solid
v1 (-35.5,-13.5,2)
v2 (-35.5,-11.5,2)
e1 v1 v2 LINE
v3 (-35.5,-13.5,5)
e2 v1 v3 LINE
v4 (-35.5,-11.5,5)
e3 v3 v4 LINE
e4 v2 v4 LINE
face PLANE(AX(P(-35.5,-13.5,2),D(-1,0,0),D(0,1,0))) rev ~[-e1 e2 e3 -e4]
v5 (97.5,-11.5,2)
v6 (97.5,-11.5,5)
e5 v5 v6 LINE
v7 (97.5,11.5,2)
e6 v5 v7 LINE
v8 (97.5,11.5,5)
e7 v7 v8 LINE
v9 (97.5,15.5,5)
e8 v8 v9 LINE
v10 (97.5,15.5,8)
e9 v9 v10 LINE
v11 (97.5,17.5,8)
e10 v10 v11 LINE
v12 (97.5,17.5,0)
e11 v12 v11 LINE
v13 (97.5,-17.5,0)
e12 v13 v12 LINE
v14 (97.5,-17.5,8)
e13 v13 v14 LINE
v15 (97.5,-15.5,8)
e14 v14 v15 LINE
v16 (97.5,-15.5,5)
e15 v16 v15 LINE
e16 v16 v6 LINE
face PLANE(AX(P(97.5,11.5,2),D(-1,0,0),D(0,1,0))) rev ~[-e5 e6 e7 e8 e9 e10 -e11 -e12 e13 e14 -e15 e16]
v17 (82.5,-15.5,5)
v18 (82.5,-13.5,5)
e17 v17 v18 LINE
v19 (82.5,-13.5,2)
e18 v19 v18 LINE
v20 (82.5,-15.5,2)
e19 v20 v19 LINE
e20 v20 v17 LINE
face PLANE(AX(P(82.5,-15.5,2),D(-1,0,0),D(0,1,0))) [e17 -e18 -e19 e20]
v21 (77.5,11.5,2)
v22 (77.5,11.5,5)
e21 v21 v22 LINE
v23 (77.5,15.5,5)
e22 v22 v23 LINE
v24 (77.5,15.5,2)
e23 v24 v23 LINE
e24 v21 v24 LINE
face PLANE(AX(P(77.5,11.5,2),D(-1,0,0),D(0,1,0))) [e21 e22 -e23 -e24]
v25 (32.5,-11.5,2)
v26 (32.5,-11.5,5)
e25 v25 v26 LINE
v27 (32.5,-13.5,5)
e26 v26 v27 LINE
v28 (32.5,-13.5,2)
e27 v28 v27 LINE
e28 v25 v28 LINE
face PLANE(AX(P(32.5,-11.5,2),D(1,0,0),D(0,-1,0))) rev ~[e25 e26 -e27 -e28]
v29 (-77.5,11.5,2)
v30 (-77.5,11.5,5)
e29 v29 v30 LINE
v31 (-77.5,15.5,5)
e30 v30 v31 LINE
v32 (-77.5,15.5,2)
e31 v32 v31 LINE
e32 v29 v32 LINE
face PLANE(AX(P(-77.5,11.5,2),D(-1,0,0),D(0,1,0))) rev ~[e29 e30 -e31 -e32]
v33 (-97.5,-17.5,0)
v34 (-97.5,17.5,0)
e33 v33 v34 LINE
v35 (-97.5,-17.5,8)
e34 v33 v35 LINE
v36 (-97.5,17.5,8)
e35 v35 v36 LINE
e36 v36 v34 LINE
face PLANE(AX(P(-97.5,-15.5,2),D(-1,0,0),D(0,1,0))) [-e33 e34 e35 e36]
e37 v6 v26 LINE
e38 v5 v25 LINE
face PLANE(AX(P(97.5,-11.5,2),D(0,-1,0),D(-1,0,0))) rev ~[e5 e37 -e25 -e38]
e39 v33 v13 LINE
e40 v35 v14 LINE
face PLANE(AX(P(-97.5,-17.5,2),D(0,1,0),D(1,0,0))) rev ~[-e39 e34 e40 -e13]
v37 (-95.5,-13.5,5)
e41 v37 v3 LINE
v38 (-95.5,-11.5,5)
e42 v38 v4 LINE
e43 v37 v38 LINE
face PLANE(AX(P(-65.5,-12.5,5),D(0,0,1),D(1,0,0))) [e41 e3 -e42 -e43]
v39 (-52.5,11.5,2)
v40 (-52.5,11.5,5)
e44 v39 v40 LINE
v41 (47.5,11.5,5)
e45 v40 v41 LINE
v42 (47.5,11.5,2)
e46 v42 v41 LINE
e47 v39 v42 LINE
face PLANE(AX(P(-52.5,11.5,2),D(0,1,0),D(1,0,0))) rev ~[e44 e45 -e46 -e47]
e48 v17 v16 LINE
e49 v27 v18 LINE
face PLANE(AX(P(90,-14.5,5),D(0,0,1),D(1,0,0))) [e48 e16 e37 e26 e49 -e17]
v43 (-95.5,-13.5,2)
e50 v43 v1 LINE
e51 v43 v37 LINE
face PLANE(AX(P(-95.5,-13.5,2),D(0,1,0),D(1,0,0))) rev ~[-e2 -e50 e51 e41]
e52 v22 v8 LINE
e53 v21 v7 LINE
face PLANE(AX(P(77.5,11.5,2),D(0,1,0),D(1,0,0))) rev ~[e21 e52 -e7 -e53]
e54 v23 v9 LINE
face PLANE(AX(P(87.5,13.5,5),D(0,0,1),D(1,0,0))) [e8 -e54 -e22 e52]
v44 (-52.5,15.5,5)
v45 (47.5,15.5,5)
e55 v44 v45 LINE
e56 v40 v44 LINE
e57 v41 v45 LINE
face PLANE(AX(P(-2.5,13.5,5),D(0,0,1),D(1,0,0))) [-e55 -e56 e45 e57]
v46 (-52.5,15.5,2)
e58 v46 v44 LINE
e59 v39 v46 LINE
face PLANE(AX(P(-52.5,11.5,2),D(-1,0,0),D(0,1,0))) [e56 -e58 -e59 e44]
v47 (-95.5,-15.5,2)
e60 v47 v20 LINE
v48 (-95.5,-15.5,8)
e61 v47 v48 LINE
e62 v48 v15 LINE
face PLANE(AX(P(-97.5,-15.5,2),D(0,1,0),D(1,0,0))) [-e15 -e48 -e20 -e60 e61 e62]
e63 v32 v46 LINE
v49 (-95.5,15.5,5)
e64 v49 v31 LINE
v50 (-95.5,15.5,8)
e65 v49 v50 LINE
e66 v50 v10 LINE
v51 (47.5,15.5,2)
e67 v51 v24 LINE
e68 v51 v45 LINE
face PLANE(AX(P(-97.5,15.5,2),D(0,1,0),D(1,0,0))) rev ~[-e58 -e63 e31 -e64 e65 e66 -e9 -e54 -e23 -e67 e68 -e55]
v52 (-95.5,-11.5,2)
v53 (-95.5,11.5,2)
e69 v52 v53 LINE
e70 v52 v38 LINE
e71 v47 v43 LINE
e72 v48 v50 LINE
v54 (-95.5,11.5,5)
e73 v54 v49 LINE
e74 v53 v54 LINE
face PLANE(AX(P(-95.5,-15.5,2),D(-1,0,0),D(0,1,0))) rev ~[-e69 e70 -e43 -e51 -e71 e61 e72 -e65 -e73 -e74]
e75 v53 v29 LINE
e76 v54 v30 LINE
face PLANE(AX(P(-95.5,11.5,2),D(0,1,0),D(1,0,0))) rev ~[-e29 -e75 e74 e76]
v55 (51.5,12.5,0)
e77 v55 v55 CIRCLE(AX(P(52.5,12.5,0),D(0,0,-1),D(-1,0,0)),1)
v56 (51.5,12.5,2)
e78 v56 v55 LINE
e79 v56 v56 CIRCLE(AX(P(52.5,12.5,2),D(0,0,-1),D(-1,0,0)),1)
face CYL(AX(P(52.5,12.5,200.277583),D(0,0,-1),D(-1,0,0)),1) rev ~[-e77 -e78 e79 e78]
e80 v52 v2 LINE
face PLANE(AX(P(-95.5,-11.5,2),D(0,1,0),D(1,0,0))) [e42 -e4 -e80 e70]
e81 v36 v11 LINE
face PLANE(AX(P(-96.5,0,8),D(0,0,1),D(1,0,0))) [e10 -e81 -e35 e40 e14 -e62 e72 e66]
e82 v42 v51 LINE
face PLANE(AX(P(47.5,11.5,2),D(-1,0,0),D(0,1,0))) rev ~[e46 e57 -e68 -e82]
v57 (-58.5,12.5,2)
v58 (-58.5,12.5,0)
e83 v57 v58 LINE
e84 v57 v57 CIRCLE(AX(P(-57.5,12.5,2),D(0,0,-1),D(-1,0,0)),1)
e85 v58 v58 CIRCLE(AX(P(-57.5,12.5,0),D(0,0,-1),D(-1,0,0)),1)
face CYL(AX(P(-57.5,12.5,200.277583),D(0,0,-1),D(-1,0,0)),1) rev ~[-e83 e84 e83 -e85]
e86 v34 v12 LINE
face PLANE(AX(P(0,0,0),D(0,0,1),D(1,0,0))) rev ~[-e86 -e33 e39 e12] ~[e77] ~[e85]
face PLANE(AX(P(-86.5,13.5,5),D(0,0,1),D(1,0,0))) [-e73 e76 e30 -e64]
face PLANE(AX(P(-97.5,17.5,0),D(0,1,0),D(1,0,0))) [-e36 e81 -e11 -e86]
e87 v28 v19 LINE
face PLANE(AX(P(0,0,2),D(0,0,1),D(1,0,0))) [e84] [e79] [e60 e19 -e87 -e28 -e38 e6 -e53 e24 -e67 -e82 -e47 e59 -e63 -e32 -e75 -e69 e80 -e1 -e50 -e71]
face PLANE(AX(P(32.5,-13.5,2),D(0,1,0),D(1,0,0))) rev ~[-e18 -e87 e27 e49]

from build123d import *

# Parameters (mm, degrees)
F0_W      = 195
F0_H      = 35
F1_DEPTH  = 2
F2_W      = 195
F2_H      = 2
F3_DEPTH  = 6
F4_W      = 18
F4_H      = 4
F5_DEPTH  = 3
F6_W      = 100
F6_H      = 4
F7_DEPTH  = 3
F8_W      = 20
F8_H      = 4
F9_DEPTH  = 3
F10_W     = 2
F10_H     = 31
F11_DEPTH = 6
F12_W     = 15
F12_H     = 2
F13_DEPTH = 3
F14_W     = 60
F14_H     = 2
F15_DEPTH = 3
F17_D     = 2


with BuildPart() as f1:
    # F0 (on Top) → F1 (new body)
    with BuildSketch(Plane.XY):
        Rectangle(F0_W, F0_H)
    extrude(amount=F1_DEPTH)

    # F2 (on face) → F3 (join)
    with BuildSketch(Plane.XY.offset(2)):
        with Locations((0, -16.5)):
            Rectangle(F2_W, F2_H)
        with Locations((0, 16.5)):
            Rectangle(F2_W, F2_H)
    extrude(amount=F3_DEPTH)

    # F4 (on face) → F5 (join)
    with BuildSketch(Plane.XY.offset(2)):
        with Locations((-86.5, 13.5)):
            Rectangle(F4_W, F4_H)
    extrude(amount=F5_DEPTH)

    # F6 (on face) → F7 (join)
    with BuildSketch(Plane.XY.offset(2)):
        with Locations((-2.5, 13.5)):
            Rectangle(F6_W, F6_H)
    extrude(amount=F7_DEPTH)

    # F8 (on face) → F9 (join)
    with BuildSketch(Plane.XY.offset(2)):
        with Locations((87.5, 13.5)):
            Rectangle(F8_W, F8_H)
    extrude(amount=F9_DEPTH)

    # F10 (on face) → F11 (join)
    with BuildSketch(Plane.XY.offset(2)):
        with Locations((-96.5, 0)):
            Rectangle(F10_W, F10_H)
    extrude(amount=F11_DEPTH)

    # F12 (on face) → F13 (join)
    with BuildSketch(Plane.XY.offset(2)):
        with Locations((90, -14.5)):
            Rectangle(F12_W, F12_H)
        Polygon((82.5, -13.5), (97.5, -13.5), (97.5, -11.5), (32.5, -11.5), (32.5, -13.5), align=None)
    extrude(amount=F13_DEPTH)

    # F14 (on face) → F15 (join)
    with BuildSketch(Plane.XY.offset(2)):
        with Locations((-65.5, -12.5)):
            Rectangle(F14_W, F14_H)
    extrude(amount=F15_DEPTH)

    # F17 (through all)
    with Locations(Plane.XY.offset(2)):
        with Locations((-57.5, 12.5), (52.5, 12.5)):
            Hole(F17_D / 2)


solid = f1.part
